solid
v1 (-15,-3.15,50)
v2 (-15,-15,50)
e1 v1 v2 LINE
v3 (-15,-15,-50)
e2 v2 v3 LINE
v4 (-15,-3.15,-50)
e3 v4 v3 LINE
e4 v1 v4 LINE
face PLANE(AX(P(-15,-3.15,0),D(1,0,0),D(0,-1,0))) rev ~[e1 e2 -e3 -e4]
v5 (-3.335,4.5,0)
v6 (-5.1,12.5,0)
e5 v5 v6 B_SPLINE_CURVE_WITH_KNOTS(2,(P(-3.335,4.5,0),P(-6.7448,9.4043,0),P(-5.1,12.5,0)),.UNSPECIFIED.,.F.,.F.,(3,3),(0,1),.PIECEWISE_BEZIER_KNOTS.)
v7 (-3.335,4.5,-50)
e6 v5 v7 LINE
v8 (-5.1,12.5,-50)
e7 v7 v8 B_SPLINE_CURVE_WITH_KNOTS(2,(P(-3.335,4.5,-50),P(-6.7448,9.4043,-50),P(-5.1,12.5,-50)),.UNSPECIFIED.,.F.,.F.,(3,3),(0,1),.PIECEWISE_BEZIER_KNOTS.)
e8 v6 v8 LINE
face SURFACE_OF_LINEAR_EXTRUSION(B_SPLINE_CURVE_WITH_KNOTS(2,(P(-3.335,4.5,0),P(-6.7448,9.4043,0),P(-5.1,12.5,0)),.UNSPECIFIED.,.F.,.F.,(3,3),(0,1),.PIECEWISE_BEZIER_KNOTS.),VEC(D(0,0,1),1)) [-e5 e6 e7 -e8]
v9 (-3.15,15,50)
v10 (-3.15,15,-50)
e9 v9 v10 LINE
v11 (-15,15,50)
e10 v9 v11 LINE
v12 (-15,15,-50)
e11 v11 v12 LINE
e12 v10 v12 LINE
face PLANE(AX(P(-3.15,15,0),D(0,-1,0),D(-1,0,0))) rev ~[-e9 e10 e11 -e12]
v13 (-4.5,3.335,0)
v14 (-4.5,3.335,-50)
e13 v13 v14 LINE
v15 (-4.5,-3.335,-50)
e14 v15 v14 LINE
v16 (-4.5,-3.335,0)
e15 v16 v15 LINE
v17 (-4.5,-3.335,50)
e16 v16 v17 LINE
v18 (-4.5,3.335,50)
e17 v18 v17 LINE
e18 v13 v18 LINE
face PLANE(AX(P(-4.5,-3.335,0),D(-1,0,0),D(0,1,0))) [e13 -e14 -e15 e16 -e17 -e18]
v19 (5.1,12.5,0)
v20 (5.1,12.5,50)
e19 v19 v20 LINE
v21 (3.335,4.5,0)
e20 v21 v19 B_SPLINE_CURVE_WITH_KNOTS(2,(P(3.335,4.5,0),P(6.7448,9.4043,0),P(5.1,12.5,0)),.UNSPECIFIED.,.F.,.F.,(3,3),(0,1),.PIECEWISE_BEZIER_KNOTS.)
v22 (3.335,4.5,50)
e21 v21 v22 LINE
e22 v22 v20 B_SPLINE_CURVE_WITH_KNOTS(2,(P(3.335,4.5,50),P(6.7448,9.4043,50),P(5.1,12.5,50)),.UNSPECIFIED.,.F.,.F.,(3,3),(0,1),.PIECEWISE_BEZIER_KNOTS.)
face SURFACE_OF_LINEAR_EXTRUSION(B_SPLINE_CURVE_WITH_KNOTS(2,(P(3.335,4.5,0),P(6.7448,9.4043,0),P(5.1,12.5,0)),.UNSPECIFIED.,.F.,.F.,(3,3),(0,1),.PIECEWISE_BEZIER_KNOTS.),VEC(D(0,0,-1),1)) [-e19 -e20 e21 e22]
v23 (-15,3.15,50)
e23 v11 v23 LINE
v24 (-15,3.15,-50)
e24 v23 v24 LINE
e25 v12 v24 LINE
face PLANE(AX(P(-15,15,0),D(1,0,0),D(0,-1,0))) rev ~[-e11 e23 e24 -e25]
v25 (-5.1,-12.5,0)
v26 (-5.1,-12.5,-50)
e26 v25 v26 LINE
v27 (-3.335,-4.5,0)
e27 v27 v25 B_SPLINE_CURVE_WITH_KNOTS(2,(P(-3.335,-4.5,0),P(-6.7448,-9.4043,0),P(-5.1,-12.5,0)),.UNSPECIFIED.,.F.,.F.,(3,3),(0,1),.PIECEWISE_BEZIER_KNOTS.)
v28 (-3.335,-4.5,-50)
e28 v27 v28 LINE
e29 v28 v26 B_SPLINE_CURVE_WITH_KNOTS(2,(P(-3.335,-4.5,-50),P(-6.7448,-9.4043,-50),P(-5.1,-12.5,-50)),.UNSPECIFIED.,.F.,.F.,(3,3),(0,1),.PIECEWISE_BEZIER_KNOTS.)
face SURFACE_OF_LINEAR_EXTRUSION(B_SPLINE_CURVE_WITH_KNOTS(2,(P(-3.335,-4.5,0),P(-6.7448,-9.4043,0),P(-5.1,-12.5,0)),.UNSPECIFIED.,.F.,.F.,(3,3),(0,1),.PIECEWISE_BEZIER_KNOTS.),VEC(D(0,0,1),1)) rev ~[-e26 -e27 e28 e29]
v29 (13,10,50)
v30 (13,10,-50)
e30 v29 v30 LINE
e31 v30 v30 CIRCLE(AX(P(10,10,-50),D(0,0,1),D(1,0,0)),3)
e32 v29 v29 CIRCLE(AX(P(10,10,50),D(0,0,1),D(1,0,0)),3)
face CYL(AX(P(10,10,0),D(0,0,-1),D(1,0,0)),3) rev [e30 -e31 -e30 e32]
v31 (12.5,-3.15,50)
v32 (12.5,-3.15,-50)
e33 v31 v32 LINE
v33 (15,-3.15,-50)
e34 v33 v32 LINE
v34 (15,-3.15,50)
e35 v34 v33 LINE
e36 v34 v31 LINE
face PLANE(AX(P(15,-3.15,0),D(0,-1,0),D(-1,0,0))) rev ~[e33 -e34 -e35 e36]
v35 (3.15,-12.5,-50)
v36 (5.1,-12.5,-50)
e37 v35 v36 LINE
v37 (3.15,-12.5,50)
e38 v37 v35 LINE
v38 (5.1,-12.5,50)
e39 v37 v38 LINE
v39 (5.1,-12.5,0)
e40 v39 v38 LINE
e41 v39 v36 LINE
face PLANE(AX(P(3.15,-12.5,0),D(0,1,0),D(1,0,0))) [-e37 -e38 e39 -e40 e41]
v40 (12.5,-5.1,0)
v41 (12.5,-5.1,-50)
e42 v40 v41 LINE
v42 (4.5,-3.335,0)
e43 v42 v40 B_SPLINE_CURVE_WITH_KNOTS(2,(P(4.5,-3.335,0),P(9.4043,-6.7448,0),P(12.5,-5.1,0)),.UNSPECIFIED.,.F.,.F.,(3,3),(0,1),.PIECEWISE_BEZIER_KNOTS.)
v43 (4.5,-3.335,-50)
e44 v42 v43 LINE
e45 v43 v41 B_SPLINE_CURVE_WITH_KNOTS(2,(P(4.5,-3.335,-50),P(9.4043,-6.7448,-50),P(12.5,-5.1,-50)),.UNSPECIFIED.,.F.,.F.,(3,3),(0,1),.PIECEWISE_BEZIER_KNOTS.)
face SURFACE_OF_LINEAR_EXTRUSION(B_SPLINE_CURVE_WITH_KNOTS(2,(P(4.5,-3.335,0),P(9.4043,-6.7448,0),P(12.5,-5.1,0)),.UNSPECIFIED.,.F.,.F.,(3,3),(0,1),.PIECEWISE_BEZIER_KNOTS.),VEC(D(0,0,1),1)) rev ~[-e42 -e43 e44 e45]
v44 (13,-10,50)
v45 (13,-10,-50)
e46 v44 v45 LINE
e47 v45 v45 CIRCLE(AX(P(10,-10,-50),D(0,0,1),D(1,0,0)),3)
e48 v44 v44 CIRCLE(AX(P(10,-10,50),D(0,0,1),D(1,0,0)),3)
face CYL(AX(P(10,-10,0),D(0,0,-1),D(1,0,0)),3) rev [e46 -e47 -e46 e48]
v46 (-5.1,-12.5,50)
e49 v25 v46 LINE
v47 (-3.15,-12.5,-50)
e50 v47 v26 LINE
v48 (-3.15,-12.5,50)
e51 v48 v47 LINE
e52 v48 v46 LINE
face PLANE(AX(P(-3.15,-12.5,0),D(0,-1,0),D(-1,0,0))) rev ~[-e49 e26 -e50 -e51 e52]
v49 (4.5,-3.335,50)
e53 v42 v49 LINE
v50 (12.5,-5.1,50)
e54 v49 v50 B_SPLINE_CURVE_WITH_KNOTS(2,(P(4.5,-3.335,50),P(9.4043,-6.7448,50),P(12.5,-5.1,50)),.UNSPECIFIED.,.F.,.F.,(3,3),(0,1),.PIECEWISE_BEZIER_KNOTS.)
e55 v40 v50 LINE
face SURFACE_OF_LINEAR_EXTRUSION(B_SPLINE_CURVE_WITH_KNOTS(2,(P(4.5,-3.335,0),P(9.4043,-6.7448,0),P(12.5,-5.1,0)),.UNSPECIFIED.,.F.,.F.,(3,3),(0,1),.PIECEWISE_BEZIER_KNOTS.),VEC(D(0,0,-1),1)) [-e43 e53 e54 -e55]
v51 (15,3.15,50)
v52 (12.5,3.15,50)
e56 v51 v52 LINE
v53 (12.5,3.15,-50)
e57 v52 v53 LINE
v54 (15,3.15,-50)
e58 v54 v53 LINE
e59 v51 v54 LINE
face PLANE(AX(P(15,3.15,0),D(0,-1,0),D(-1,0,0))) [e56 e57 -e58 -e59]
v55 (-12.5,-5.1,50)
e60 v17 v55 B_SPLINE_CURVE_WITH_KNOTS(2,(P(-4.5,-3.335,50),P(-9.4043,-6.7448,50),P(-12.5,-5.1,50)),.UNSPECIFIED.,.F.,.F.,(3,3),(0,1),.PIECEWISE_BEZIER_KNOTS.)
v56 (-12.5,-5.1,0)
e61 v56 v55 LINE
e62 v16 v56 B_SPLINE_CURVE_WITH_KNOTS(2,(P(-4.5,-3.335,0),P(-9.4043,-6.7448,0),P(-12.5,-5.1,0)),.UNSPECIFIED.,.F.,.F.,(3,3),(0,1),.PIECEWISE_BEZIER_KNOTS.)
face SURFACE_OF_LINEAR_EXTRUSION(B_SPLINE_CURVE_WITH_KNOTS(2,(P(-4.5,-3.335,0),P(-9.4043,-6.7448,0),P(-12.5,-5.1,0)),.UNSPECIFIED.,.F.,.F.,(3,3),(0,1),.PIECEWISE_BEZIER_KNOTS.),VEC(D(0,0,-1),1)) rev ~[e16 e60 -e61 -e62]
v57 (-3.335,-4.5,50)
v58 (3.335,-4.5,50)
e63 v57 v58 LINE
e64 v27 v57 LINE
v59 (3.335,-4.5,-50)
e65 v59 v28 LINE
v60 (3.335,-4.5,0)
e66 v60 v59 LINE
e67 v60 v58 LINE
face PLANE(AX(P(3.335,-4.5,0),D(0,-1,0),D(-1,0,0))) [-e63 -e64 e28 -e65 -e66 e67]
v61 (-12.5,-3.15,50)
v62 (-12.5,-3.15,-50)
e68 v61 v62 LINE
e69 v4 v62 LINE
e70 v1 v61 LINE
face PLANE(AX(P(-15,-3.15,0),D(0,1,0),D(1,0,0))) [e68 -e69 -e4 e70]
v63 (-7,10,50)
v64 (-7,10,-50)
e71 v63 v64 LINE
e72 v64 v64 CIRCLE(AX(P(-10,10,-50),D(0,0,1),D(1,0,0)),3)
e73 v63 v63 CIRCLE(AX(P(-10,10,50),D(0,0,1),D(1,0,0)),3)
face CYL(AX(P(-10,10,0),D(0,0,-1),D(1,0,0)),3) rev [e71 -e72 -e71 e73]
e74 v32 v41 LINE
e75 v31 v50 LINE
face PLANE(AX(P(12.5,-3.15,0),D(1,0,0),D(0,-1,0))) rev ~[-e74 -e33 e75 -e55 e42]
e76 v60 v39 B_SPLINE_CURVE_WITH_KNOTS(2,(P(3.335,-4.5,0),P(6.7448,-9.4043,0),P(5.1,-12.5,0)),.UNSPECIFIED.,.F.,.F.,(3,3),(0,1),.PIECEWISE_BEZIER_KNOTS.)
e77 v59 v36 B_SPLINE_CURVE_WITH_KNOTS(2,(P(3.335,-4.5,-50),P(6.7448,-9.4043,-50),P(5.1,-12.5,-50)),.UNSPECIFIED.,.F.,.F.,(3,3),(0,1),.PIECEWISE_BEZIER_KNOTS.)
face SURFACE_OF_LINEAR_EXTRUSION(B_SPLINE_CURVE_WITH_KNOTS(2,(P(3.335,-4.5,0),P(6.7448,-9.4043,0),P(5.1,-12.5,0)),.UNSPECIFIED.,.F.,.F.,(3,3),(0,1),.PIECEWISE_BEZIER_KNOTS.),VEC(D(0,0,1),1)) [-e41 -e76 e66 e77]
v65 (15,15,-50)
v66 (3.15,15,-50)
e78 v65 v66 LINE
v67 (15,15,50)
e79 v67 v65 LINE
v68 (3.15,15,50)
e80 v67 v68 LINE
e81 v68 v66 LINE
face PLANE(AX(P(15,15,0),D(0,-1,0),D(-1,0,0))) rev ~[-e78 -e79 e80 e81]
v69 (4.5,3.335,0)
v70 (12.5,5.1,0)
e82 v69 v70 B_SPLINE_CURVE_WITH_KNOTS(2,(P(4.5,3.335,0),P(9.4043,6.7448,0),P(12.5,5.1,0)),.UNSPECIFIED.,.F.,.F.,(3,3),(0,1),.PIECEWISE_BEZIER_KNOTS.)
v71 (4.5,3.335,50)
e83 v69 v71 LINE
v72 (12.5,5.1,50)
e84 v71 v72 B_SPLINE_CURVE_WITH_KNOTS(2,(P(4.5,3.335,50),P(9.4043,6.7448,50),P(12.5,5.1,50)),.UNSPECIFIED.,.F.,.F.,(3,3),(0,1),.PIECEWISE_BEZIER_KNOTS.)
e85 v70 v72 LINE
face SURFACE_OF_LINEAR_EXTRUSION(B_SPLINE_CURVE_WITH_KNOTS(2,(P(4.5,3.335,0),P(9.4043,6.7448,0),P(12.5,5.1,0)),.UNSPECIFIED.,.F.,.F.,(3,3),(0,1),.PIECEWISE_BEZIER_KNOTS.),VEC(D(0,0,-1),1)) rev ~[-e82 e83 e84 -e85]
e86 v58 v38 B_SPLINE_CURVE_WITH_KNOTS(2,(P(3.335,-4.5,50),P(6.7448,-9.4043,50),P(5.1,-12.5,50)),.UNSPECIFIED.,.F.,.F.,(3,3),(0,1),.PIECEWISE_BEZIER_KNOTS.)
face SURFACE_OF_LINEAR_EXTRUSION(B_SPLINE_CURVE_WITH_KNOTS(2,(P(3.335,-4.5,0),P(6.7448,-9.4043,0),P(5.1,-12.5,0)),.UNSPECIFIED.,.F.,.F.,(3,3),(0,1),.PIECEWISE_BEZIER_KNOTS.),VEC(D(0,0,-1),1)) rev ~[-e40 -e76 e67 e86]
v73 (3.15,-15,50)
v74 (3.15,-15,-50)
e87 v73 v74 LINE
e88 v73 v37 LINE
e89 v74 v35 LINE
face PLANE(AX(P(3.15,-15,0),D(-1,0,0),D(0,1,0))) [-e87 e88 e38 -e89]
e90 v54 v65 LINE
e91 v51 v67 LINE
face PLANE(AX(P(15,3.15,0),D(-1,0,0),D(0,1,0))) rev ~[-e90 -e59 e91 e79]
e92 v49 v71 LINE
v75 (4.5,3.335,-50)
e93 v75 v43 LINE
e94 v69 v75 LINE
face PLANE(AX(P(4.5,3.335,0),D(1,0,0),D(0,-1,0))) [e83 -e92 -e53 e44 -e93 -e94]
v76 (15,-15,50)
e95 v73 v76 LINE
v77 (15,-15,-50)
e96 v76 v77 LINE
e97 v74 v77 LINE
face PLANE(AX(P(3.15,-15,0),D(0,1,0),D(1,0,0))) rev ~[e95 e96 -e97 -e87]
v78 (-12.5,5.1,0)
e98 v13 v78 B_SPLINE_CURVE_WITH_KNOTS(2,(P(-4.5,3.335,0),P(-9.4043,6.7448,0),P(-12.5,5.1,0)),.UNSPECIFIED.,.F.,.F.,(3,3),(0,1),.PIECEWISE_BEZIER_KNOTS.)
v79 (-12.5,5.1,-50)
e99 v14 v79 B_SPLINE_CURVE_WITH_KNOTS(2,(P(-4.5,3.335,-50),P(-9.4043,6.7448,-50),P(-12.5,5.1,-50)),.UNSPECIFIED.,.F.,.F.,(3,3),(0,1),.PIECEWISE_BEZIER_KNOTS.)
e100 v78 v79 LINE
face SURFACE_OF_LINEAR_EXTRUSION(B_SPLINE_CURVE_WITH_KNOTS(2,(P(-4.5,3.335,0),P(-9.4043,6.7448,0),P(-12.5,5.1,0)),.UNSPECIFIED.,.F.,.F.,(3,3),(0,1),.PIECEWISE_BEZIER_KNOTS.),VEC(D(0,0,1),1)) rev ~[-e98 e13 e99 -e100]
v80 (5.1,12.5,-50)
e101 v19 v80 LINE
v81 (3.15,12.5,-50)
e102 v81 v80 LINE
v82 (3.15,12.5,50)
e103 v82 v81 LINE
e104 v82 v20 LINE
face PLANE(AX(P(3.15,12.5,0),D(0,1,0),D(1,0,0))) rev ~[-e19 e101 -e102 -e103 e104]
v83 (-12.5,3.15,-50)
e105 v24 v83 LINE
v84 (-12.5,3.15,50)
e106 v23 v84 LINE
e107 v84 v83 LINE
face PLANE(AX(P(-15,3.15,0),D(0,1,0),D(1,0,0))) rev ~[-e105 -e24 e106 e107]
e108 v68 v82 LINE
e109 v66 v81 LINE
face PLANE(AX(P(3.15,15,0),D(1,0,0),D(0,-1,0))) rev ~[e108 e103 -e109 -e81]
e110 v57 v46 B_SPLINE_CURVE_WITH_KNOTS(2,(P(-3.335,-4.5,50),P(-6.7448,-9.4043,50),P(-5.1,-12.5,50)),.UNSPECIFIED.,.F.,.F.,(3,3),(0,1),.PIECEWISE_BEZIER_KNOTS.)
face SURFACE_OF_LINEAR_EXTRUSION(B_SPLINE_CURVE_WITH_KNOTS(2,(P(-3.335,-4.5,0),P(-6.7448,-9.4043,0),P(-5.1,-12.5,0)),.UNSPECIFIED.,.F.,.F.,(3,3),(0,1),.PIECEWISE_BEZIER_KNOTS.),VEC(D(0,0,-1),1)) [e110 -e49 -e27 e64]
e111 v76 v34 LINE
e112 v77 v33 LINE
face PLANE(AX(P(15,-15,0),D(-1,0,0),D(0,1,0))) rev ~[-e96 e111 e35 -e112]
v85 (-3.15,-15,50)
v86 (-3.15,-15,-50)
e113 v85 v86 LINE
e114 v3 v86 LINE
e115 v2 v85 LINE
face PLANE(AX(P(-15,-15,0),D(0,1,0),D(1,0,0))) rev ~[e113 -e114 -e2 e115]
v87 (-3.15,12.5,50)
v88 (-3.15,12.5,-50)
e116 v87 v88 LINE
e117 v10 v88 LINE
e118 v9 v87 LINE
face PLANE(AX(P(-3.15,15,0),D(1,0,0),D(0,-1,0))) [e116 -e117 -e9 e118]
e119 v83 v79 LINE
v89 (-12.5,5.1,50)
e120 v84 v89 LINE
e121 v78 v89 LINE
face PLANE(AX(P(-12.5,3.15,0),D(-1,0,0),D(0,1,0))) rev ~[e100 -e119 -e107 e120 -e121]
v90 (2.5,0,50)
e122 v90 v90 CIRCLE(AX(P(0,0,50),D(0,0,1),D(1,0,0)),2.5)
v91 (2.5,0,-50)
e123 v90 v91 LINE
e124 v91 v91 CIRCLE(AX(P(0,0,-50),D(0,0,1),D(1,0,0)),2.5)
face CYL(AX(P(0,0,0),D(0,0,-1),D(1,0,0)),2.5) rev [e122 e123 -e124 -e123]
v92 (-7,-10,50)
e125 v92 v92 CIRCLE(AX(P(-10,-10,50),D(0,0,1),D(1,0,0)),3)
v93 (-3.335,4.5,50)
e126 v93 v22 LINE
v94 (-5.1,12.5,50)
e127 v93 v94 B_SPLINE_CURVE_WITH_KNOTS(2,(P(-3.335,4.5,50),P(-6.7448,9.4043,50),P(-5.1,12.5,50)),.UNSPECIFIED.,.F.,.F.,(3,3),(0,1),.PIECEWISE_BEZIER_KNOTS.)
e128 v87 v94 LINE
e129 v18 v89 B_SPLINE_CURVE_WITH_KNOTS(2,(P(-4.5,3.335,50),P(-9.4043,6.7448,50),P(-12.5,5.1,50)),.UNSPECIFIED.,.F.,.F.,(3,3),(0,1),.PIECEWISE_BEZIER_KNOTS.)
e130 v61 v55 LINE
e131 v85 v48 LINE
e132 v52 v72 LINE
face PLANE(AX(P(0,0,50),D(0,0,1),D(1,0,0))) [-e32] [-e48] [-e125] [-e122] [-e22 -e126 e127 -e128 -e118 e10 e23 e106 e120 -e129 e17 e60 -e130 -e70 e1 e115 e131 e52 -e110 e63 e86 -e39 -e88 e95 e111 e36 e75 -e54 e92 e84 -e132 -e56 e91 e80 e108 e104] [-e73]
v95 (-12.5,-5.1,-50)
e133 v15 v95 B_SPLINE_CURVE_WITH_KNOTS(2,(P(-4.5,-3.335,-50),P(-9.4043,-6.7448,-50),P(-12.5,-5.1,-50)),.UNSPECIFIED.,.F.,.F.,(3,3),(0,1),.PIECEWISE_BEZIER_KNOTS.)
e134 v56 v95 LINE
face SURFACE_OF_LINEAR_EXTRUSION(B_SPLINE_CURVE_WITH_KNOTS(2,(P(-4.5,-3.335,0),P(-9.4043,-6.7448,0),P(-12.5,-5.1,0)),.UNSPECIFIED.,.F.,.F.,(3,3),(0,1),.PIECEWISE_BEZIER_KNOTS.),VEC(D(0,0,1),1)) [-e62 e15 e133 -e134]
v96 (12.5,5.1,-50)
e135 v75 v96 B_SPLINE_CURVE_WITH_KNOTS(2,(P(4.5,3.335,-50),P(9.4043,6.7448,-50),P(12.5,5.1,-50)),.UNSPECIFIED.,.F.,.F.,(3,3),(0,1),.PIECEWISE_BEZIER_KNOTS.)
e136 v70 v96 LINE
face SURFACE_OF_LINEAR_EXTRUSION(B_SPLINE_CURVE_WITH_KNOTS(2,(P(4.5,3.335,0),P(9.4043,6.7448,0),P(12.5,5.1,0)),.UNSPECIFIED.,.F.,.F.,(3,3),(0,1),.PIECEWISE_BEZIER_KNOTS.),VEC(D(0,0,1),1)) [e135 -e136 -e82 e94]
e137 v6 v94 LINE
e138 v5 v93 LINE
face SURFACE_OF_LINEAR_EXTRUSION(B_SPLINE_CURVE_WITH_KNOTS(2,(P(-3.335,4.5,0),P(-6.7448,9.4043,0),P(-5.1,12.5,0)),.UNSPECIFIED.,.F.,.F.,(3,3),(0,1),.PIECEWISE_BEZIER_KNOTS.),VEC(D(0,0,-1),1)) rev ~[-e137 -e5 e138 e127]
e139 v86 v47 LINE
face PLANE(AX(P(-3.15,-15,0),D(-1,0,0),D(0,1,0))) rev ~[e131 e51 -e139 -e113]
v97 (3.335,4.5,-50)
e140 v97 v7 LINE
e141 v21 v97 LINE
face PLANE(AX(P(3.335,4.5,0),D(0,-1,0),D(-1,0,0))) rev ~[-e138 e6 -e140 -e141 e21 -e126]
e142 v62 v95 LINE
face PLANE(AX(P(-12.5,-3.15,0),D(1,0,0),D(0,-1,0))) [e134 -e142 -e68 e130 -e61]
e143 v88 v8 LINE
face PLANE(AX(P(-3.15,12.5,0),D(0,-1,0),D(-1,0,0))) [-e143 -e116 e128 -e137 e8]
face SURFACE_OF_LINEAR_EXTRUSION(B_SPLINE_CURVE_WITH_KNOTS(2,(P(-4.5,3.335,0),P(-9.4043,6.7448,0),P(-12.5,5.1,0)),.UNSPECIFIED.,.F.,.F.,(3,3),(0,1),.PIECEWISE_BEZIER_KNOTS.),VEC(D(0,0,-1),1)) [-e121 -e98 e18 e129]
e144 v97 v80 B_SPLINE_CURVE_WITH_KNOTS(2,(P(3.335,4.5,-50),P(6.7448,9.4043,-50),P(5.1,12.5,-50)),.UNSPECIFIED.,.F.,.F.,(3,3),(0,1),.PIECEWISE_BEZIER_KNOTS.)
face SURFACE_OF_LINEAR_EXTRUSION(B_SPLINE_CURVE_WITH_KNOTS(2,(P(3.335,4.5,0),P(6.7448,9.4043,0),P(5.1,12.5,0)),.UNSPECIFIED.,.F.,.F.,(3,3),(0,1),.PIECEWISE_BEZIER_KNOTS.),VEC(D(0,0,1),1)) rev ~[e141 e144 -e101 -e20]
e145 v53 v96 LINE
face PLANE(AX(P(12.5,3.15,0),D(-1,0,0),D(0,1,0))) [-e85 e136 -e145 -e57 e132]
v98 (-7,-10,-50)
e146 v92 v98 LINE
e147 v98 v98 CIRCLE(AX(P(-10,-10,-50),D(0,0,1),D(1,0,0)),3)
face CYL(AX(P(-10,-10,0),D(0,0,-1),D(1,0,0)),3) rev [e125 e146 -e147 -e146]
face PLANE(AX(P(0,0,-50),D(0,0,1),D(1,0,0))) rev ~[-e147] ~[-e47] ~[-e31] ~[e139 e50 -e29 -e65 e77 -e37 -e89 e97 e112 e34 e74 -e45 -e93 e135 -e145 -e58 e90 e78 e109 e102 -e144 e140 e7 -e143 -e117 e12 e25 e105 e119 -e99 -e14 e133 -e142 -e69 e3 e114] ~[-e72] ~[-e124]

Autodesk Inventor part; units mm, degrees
ref_plane "YZ Plane" through (0, 0, 0) normal (1, 0, 0) x (0, 1, 0)
ref_plane "XZ Plane" through (0, 0, 0) normal (0, 1, 0) x (-1, 0, 0)
ref_plane "XY Plane" through (0, 0, 0) normal (0, 0, 1) x (1, 0, 0)
sketch "스케치1" plane through (0, 0, 0) normal (0, 0, 1) x (1, 0, 0)
  line L0 (3.335, 4.5) -> (0, 4.5)
  spline S0 degree 2 poles (3.335, 4.5) (6.7448, 9.4043) (5.1, 12.5) knots 0 0 0 1 1 1
  line L1 (4.5, 3.335) -> (4.5, 0)
  line L2 (-15, 15) -> (-15, -15)
  line L3 (-15, -15) -> (15, -15)
  line L4 (15, -15) -> (-15, 15) construction
  line L5 (-15, -15) -> (15, 15) construction
  line L6 (15, -3.15) -> (12.5, -3.15)
  line L7 (4.5, -3.335) -> (4.5, 0)
  line L8 (12.5, -3.15) -> (12.5, -5.1)
  spline S1 degree 2 poles (4.5, -3.335) (9.4043, -6.7448) (12.5, -5.1) knots 0 0 0 1 1 1
  line L9 (15, -15) -> (15, 15)
  circle A0 centre (10, -10) radius 3
  line L10 (15, 3.15) -> (12.5, 3.15)
  circle A1 centre (10, 10) radius 3
  spline S2 degree 2 poles (4.5, 3.335) (9.4043, 6.7448) (12.5, 5.1) knots 0 0 0 1 1 1
  line L11 (3.15, 12.5) -> (5.1, 12.5)
  line L12 (15, 15) -> (-15, 15)
  line L13 (0, 0) -> (0, 15) construction
  line L14 (3.15, 15) -> (3.15, 12.5)
  line L15 (-3.15, 15) -> (-3.15, 12.5)
  line L16 (-3.15, 12.5) -> (-5.1, 12.5)
  line L17 (-3.335, 4.5) -> (0, 4.5)
  spline S3 degree 2 poles (-3.335, 4.5) (-6.7448, 9.4043) (-5.1, 12.5) knots 0 0 0 1 1 1
  line L18 (-4.5, 3.335) -> (-4.5, 0)
  spline S4 degree 2 poles (-4.5, 3.335) (-9.4043, 6.7448) (-12.5, 5.1) knots 0 0 0 1 1 1
  line L19 (-12.5, 3.15) -> (-12.5, 5.1)
  line L20 (-15, 3.15) -> (-12.5, 3.15)
  circle A2 centre (-10, 10) radius 3
  circle A3 centre (0, 0) radius 2.5
  line L21 (-4.5, -3.335) -> (-4.5, 0)
  line L22 (-15, -3.15) -> (-12.5, -3.15)
  line L23 (-12.5, -3.15) -> (-12.5, -5.1)
  spline S5 degree 2 poles (-4.5, -3.335) (-9.4043, -6.7448) (-12.5, -5.1) knots 0 0 0 1 1 1
  line L24 (-3.335, -4.5) -> (0, -4.5)
  circle A4 centre (-10, -10) radius 3
  line L25 (3.335, -4.5) -> (0, -4.5)
  spline S6 degree 2 poles (-3.335, -4.5) (-6.7448, -9.4043) (-5.1, -12.5) knots 0 0 0 1 1 1
  line L26 (-3.15, -12.5) -> (-5.1, -12.5)
  line L27 (-3.15, -15) -> (-3.15, -12.5)
  spline S7 degree 2 poles (3.335, -4.5) (6.7448, -9.4043) (5.1, -12.5) knots 0 0 0 1 1 1
  line L28 (3.15, -12.5) -> (5.1, -12.5)
  line L29 (3.15, -15) -> (3.15, -12.5)
  line L30 (12.5, 3.15) -> (12.5, 5.1)
  point P0 (5.5866, 9.5531)
  point P1 (9.5531, -5.5866)
  point P2 (9.5531, 5.5866)
  point P3 (-5.5866, 9.5531)
  point P4 (-9.5531, 5.5866)
  point P5 (-9.5531, -5.5866)
  point P6 (-5.5866, -9.5531)
  point P7 (5.5866, -9.5531)
  dimension "d2" = 30
  dimension "d3" = 30
  dimension "d4" = 6
  dimension "d5" = 5
  dimension "d6" = 6.3
  dimension "d7" = 10.2
  dimension "d8" = 6.67
  dimension "d9" = 8
  dimension "d10" = 2.5
  dimension "d11" = 360
  dimension "d12" = 20
extrude "돌출1" add sketch "스케치1" along normal mid plane 100 contours S0 L11 L14 L12 L9 L10 L30 S2 L1 L7 S1 L8 L6 L3 L29 L28 S7 L25 L24 S6 L26 L27 L2 L22 L23 S5 L21 L18 S4 L19 L20 L15 L16 S3 L17 L0
equation "\"TransitionRadius\" = BendRadius"
equation "\"BendRadius\" = 0.5"
properties part number "3030 Aluminium Profile 100mm"
